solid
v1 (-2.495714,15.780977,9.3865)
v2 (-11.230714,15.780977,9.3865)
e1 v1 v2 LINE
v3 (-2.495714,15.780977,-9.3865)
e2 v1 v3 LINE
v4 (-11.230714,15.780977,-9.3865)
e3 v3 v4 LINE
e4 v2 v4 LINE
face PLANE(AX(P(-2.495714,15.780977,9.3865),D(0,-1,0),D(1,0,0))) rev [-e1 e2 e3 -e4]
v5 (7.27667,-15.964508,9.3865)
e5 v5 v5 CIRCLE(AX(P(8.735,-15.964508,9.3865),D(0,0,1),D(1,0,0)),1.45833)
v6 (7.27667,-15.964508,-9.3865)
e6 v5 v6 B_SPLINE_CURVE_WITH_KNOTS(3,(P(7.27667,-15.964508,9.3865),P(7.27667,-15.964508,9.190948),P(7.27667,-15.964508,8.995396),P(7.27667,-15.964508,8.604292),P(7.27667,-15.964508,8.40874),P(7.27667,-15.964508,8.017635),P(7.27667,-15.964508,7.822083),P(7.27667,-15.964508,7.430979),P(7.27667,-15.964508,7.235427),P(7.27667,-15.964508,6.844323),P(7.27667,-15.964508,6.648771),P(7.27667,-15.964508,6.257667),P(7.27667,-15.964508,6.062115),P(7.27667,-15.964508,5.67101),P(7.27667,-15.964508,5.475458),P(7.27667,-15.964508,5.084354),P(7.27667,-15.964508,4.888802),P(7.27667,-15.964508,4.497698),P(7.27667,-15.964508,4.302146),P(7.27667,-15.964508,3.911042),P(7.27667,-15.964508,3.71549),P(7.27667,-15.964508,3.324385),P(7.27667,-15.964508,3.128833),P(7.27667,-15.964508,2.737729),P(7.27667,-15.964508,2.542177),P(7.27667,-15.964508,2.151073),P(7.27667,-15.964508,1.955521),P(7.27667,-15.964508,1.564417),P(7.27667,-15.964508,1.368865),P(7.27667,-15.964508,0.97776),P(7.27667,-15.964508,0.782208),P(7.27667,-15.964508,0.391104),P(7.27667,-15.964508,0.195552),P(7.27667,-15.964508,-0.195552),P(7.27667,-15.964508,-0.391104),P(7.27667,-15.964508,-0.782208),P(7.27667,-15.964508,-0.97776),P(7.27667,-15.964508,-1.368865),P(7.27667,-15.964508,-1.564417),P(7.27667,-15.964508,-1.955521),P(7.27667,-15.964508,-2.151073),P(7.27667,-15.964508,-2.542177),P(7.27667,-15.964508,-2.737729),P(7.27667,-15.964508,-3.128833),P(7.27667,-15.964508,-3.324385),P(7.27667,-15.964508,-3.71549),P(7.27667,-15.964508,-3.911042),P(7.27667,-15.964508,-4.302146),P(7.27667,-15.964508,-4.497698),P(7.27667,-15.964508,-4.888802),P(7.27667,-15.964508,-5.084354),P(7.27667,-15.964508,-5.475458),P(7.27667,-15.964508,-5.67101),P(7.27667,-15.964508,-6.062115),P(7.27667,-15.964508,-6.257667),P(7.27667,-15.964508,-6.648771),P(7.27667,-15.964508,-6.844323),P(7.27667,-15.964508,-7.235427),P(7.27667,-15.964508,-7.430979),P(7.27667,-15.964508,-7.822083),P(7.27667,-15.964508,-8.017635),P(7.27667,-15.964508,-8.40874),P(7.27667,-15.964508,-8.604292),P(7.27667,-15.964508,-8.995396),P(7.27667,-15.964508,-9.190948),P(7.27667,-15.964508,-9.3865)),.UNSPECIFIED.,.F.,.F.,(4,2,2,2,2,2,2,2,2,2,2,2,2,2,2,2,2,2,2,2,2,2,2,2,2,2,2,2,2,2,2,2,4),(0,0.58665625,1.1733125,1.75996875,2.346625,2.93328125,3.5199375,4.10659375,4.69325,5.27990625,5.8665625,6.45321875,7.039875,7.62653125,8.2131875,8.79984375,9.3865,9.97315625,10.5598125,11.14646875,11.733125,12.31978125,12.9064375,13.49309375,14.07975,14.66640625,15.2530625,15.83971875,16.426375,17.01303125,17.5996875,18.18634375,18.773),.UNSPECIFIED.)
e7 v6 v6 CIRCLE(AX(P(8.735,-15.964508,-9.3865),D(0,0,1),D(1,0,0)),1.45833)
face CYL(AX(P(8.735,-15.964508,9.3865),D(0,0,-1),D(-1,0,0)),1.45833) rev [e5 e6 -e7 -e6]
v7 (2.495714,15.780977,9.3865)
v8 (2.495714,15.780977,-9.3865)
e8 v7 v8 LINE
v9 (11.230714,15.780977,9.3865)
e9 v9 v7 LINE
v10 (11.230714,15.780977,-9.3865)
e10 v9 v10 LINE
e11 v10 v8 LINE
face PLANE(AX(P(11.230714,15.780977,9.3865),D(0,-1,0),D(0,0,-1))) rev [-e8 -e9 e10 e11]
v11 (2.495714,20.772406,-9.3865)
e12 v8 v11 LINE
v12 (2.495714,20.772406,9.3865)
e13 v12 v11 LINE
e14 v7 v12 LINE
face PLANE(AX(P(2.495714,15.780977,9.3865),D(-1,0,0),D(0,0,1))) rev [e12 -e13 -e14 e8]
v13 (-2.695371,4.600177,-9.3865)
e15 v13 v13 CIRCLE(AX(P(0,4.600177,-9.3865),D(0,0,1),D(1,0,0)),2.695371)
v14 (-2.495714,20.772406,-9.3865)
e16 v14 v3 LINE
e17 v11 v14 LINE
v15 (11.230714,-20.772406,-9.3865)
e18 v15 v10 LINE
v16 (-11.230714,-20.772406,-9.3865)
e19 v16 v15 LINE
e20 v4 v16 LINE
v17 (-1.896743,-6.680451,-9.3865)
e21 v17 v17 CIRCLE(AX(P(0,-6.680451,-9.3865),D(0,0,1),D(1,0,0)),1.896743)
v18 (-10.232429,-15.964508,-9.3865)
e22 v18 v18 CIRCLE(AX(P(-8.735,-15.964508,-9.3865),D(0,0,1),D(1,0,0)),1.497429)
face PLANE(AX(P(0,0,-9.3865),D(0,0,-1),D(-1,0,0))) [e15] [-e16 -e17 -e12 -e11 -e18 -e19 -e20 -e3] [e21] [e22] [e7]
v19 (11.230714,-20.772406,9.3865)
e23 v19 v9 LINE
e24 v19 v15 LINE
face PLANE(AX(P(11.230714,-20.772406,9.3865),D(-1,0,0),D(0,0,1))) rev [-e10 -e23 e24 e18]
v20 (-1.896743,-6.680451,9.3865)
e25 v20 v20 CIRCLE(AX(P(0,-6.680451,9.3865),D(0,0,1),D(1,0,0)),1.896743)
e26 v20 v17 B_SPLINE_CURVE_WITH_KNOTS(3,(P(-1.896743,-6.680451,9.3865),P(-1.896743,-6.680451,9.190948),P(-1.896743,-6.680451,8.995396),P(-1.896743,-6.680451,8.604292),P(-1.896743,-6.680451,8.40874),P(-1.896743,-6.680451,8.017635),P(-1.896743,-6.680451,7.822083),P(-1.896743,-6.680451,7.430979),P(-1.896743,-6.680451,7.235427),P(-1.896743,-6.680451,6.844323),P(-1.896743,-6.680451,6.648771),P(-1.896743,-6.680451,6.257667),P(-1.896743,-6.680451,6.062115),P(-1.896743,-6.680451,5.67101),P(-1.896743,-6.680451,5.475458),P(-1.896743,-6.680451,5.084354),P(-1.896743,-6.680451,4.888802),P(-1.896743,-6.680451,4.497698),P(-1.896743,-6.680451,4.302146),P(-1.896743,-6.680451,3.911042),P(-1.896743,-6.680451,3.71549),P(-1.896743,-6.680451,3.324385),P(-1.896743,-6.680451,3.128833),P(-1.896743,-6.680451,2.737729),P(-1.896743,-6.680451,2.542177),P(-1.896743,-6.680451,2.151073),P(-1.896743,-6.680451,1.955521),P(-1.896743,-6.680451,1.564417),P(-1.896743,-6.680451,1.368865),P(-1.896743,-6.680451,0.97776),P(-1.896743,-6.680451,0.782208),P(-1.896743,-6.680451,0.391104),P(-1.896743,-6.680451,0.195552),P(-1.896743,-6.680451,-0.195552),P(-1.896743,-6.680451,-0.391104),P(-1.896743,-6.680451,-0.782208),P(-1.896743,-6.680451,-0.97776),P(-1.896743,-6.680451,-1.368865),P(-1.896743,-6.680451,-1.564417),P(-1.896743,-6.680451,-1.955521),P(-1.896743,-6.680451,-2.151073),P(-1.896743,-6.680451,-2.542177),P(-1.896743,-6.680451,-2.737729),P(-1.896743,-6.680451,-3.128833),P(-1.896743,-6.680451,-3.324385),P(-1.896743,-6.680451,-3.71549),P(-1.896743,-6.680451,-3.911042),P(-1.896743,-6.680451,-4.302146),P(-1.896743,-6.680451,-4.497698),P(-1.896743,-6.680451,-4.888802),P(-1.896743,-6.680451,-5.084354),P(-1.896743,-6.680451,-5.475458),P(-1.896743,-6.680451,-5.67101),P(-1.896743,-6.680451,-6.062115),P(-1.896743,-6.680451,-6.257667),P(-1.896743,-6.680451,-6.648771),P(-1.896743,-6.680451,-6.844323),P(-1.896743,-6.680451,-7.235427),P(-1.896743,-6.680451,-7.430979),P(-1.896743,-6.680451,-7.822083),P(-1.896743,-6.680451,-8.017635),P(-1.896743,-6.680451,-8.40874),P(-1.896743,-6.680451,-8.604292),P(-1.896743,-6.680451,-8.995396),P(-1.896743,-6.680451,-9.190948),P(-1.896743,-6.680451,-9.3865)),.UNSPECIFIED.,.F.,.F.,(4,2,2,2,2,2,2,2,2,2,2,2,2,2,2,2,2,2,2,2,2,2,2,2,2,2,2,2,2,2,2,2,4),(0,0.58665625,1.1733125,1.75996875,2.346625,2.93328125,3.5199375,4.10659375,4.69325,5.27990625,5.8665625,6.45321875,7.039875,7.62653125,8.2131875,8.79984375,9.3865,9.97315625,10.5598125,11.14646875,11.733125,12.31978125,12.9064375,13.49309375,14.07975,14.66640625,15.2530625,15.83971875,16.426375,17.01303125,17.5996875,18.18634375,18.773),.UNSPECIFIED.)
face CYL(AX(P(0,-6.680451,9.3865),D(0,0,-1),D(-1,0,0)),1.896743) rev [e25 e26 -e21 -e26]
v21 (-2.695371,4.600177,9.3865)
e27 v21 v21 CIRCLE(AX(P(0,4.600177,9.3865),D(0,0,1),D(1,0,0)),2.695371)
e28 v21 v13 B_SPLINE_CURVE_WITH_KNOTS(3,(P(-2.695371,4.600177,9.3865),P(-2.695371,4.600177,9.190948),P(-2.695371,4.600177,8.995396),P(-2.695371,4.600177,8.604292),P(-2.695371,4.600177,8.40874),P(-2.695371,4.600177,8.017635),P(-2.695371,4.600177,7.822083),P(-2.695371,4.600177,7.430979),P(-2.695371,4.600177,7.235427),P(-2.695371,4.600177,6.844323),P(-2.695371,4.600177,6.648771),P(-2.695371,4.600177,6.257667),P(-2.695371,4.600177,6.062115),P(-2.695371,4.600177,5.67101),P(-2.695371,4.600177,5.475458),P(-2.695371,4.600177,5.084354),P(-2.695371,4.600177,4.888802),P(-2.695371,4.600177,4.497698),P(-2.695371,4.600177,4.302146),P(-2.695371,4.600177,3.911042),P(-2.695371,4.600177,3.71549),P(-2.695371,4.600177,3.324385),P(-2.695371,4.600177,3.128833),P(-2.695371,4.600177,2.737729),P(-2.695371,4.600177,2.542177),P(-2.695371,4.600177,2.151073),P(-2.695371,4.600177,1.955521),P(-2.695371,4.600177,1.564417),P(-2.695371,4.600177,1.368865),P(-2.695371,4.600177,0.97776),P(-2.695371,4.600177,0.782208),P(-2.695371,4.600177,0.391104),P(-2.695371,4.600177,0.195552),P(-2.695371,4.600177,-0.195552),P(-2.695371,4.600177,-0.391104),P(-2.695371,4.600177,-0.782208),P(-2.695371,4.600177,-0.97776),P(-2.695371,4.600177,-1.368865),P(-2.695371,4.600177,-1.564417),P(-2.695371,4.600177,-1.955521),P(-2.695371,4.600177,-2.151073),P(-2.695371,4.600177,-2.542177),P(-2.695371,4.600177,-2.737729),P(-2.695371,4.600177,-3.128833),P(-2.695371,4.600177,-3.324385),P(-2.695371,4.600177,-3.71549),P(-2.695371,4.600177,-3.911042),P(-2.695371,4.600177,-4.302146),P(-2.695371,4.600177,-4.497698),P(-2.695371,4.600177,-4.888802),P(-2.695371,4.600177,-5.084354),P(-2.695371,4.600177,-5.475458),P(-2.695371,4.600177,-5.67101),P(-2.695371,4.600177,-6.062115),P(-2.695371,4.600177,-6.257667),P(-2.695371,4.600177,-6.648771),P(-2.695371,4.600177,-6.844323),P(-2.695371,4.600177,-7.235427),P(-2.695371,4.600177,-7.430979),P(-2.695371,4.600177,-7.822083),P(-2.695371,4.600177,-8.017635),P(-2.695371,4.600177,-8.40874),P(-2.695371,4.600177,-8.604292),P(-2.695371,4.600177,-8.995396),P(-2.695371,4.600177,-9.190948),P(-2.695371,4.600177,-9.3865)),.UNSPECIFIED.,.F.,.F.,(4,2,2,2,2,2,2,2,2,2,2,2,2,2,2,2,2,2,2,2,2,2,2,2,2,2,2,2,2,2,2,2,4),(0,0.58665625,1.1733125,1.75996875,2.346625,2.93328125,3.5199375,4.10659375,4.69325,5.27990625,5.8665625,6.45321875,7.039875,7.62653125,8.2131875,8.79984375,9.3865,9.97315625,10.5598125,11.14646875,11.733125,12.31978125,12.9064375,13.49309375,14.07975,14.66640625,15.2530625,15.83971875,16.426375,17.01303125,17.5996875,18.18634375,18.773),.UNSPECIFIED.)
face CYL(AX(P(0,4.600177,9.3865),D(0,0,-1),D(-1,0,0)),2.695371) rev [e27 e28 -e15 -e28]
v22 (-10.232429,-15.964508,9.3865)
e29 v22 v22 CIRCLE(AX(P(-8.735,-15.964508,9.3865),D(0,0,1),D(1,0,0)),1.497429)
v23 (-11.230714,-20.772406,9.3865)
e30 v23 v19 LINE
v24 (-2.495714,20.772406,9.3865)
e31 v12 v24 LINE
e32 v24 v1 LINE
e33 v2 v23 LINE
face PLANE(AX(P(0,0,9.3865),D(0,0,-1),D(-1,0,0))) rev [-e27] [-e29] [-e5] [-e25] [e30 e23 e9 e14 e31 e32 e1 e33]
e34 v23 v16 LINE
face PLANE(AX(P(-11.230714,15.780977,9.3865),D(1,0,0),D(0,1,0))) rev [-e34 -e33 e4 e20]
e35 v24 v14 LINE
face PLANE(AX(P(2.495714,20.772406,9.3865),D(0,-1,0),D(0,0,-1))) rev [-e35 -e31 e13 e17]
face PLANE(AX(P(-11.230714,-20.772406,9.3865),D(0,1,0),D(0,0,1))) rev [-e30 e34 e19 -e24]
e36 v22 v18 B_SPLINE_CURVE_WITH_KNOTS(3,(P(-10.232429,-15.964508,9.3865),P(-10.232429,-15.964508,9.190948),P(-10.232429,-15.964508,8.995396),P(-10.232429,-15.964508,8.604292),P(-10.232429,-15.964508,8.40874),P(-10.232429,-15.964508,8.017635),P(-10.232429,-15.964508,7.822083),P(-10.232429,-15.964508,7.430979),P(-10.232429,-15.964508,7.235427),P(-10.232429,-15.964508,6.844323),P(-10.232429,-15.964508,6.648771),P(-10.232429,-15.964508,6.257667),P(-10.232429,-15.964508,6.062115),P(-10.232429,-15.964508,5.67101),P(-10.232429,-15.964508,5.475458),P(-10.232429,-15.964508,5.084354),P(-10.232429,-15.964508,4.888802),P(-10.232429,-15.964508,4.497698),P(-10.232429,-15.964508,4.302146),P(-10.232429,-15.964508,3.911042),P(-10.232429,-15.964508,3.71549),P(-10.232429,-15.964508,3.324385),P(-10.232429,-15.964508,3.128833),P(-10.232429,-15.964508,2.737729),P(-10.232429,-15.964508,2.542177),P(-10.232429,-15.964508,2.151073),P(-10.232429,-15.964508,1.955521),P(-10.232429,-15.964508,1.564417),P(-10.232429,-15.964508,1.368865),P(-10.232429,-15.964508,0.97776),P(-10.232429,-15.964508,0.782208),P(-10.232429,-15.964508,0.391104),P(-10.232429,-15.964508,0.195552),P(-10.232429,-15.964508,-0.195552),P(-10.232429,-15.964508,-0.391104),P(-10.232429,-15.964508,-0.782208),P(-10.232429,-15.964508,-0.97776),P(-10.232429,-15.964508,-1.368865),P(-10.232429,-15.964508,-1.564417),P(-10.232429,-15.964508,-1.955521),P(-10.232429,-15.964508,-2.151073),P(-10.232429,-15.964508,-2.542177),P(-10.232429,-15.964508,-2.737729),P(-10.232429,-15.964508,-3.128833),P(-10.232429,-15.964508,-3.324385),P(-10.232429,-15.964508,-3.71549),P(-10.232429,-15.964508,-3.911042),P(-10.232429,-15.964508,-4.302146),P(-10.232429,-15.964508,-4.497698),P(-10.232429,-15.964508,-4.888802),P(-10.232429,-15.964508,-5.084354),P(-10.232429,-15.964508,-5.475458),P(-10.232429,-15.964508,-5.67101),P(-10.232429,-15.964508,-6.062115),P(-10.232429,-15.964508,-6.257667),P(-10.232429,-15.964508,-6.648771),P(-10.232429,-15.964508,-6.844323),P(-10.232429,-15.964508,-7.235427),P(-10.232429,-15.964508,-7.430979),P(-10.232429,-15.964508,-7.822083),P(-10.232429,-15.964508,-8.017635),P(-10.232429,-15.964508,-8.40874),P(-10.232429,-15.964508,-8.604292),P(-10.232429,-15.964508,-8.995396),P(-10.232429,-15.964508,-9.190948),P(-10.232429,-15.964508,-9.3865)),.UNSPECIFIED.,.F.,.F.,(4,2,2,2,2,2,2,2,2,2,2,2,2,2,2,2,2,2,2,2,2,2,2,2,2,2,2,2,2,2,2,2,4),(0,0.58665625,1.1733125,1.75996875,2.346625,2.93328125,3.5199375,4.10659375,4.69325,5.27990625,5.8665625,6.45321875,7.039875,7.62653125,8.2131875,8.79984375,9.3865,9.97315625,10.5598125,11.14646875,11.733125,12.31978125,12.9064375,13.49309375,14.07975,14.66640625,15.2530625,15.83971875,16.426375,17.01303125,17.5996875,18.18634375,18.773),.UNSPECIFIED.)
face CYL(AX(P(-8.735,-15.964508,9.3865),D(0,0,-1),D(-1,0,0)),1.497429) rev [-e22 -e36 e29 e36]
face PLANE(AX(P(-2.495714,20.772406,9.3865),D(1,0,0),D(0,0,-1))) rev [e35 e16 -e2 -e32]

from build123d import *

# Parameters (mm, degrees)
SKETCH1_R           = 1.896742857
SKETCH1_R_2         = 1.45833049
SKETCH1_R_3         = 1.497428571
SKETCH1_R_4         = 2.695371429
BOSS_EXTRUDE1_DEPTH = 9.3865


with BuildPart() as part:
    # Sketch1 → Boss-Extrude1 (new, symmetric)
    with BuildSketch(Plane.XY):
        Polygon((-2.495714286, 15.780977349), (-11.230714286, 15.780977349), (-11.230714286, -20.77240592), (11.230714286, -20.77240592), (11.230714286, 15.780977349), (2.495714286, 15.780977349), (2.495714286, 20.77240592), (-2.495714286, 20.77240592), align=None)
        with Locations(Location((0, -6.680451222, 0), (0, 0, 180))):
            Circle(SKETCH1_R, mode=Mode.SUBTRACT)
        with Locations(Location((8.735, -15.964508365, 0), (0, 0, 180))):
            Circle(SKETCH1_R_2, mode=Mode.SUBTRACT)
        with Locations(Location((-8.735, -15.964508365, 0), (0, 0, 180))):
            Circle(SKETCH1_R_3, mode=Mode.SUBTRACT)
        with Locations(Location((0, 4.600177349, 0), (0, 0, 180))):
            Circle(SKETCH1_R_4, mode=Mode.SUBTRACT)
    extrude(amount=BOSS_EXTRUDE1_DEPTH, both=True)


solid = part.part
